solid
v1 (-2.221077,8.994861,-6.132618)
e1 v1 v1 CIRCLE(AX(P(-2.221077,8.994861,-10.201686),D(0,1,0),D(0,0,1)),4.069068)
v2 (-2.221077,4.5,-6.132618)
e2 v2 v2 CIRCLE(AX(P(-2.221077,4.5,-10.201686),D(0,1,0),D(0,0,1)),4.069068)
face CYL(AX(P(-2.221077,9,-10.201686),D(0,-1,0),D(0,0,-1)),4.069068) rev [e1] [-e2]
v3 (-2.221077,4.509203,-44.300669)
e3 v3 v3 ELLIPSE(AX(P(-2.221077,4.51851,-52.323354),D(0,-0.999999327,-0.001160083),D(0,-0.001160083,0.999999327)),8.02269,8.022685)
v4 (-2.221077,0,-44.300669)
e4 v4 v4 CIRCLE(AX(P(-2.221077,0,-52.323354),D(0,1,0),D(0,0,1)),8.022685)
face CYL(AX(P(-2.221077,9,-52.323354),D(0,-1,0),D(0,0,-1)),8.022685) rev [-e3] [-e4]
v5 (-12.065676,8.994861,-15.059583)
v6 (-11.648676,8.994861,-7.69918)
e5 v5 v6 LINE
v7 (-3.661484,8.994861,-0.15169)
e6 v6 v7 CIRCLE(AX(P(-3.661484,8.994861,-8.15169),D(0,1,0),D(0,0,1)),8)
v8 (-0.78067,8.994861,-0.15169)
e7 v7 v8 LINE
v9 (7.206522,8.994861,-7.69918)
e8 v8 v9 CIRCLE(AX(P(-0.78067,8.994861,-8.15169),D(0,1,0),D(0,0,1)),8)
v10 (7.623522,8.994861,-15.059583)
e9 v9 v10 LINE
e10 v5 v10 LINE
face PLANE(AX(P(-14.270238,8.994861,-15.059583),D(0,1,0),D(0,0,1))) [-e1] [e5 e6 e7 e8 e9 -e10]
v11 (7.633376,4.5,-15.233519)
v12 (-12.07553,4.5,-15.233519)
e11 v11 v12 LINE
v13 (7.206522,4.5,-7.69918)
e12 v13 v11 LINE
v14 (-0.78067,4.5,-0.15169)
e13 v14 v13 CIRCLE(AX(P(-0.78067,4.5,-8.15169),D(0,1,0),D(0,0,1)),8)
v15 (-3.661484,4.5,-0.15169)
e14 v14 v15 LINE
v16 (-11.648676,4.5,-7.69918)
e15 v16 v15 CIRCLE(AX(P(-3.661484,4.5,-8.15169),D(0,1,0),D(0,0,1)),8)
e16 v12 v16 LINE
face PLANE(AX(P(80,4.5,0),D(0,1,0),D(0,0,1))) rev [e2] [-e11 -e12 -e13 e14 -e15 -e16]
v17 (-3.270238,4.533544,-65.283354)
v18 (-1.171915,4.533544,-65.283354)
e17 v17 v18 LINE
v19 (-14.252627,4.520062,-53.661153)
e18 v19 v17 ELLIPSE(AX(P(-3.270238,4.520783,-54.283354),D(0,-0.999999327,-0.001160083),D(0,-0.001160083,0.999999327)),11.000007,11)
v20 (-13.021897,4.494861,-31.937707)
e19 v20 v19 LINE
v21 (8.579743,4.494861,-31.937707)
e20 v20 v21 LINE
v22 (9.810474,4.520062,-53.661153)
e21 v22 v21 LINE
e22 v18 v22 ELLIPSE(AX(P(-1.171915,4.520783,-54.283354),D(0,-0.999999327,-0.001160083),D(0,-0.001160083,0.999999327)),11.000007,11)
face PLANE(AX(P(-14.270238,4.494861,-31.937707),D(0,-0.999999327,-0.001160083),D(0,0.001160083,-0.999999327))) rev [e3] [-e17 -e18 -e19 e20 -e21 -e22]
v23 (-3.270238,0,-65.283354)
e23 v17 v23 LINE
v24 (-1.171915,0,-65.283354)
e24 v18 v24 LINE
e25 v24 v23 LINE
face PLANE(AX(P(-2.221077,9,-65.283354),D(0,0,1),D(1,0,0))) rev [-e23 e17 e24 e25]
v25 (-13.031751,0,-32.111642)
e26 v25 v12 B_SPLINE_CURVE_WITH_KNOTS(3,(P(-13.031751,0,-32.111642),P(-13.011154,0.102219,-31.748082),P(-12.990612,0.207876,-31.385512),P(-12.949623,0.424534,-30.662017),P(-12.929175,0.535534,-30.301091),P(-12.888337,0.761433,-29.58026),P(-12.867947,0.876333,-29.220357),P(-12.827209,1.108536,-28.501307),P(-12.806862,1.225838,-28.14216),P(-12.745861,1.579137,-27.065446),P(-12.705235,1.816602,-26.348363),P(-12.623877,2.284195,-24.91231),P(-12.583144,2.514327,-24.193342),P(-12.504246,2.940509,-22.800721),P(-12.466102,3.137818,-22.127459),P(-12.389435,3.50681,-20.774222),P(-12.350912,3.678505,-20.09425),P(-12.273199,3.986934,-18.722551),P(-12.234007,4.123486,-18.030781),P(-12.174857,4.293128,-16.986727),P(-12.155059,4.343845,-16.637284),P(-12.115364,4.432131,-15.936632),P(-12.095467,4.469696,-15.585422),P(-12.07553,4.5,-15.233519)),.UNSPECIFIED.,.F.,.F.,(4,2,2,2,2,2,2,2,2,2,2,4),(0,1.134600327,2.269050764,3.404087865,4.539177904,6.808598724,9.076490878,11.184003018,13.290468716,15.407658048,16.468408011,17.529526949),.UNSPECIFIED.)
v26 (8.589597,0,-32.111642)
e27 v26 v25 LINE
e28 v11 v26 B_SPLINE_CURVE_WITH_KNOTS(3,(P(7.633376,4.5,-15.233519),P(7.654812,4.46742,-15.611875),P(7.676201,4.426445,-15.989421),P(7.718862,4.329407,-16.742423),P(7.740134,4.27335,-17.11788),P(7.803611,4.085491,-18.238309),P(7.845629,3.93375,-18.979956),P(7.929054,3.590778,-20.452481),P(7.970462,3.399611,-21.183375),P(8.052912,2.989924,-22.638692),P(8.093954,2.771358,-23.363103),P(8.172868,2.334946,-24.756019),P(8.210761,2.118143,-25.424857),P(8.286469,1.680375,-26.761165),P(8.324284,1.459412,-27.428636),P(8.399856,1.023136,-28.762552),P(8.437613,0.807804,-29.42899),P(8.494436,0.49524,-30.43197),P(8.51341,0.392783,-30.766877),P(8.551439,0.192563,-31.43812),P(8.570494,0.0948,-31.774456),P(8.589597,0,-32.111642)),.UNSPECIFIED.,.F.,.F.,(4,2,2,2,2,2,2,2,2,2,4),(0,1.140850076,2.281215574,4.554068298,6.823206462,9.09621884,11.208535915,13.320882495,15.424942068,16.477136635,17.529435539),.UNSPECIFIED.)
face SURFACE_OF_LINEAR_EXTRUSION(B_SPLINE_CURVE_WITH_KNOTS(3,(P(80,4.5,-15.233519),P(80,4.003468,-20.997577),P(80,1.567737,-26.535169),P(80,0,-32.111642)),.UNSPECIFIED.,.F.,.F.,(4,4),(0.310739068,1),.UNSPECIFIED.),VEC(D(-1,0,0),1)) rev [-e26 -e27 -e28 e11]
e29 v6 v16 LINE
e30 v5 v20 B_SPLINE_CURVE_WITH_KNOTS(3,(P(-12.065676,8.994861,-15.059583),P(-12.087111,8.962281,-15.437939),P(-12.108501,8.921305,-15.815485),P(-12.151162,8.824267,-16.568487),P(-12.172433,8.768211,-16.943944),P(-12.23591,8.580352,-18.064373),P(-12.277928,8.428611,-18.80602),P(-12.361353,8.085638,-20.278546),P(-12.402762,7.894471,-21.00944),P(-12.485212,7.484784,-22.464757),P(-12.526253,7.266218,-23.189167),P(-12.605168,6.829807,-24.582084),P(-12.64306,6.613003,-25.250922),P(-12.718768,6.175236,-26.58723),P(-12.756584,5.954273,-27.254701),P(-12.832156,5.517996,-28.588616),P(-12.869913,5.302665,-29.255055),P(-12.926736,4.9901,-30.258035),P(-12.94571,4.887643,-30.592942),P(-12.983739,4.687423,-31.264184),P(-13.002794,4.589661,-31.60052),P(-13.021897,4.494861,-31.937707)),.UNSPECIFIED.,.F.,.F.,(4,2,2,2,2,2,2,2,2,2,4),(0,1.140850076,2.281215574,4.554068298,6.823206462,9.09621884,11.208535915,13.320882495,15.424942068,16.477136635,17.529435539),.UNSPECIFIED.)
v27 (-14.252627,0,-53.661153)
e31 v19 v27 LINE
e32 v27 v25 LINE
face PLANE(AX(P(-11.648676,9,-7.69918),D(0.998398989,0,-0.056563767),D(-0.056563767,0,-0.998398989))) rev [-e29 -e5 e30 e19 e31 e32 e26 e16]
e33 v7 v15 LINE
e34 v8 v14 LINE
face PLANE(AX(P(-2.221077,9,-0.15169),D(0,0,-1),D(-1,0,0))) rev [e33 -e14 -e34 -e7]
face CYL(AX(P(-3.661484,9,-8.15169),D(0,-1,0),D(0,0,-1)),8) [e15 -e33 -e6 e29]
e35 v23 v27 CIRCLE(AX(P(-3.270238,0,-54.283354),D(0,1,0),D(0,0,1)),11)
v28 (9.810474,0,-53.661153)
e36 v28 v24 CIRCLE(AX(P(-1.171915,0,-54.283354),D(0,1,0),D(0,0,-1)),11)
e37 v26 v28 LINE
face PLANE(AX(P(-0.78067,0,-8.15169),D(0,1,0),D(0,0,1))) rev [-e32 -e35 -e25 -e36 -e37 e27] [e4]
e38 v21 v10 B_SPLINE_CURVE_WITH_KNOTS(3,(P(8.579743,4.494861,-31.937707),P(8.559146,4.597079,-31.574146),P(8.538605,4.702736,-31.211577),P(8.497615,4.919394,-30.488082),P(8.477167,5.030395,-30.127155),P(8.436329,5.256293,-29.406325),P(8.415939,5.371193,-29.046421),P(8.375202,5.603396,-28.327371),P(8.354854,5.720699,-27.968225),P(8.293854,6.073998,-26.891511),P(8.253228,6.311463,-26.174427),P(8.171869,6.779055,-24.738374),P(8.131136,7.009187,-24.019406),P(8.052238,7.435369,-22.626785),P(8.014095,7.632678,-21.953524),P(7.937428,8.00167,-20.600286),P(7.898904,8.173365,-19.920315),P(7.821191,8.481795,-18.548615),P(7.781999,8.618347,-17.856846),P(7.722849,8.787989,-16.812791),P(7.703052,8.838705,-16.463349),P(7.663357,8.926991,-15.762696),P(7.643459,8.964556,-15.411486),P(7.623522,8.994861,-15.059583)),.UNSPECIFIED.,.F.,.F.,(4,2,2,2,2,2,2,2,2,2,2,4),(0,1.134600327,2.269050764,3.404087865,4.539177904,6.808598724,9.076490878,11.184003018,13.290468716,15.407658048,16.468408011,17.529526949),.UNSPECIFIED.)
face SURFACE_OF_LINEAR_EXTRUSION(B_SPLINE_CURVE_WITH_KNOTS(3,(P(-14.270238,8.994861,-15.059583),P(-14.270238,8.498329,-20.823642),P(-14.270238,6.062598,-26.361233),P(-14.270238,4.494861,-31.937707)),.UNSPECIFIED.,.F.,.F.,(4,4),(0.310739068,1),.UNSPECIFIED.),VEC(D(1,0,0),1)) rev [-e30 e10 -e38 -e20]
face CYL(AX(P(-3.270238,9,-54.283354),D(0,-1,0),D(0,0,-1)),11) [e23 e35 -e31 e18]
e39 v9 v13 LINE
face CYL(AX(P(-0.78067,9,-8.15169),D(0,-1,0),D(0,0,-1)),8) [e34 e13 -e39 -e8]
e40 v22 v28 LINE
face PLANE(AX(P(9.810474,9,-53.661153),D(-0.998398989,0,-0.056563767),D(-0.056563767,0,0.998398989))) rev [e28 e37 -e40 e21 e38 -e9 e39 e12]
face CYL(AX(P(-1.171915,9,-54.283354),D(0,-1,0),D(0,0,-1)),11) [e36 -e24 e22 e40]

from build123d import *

# Parameters (mm, degrees)
SKETCH1_R                = 8.022684963
SKETCH1_R_2              = 4.06906829
BOSS_EXTRUDE1_DEPTH      = 9
CUT_EXTRUDE2_DEPTH       = 80
CUT_EXTRUDE2_DEPTH_BACK  = 80
CUT_EXTRUDE15_DEPTH      = 68.428154516
CUT_EXTRUDE15_DEPTH_BACK = 68.428154516


with BuildPart() as part:
    # Sketch1 → Boss-Extrude1 (new body)
    with BuildSketch(Plane(origin=(0, 0, 0), x_dir=(1, 0, 0), z_dir=(0, 1, 0))):
        with BuildLine():
            Line((-2.221076805, 65.28335408), (-1.171915361, 65.28335408))
            ThreePointArc((-1.171915361, 65.28335408), (6.823214902, 61.838345283), (9.810473513, 53.661152641))
            Line((9.810473513, 53.661152641), (7.206522245, 7.699180155))
            ThreePointArc((7.206522245, 7.699180155), (4.713869394, 2.337050101), (-0.780669663, 0.151690292))
            Line((-0.780669663, 0.151690292), (-2.221076805, 0.151690292))
            Line((-2.221076805, 0.151690292), (-3.661483948, 0.151690292))
            ThreePointArc((-3.661483948, 0.151690292), (-9.156023005, 2.337050101), (-11.648675856, 7.699180155))
            Line((-11.648675856, 7.699180155), (-14.252627123, 53.661152641))
            ThreePointArc((-14.252627123, 53.661152641), (-11.265368512, 61.838345283), (-3.27023825, 65.28335408))
            Line((-3.27023825, 65.28335408), (-2.221076805, 65.28335408))
        make_face()
        with Locations((-2.221076805, 52.32335408)):
            Circle(SKETCH1_R, mode=Mode.SUBTRACT)
        with Locations((-2.221076805, 10.201686469)):
            Circle(SKETCH1_R_2, mode=Mode.SUBTRACT)
    extrude(amount=BOSS_EXTRUDE1_DEPTH)

    # Sketch2 → Cut-Extrude2 (cut, two sides: drawn at the far end of the back side and taken through both)
    with BuildSketch(Plane(origin=(0, 0, 0), x_dir=(0, 0, -1), z_dir=(1, 0, 0)).offset(-CUT_EXTRUDE2_DEPTH_BACK)):
        with BuildLine():
            Line((7.699180155, 4.5), (0.151690292, 4.5))
            Line((0.151690292, 4.5), (0.151690292, 0))
            Line((0.151690292, 0), (32.11164194, 0))
            add(Edge.make_bspline(
                [(15.233518693, 4.5), (20.997577491, 4.003468068), (26.535168731, 1.567737081), (32.11164194, 0)],
                knots=[0.310739068, 0.310739068, 0.310739068, 0.310739068, 1, 1, 1, 1], degree=3))
            Line((15.233518693, 4.5), (7.699180155, 4.5))
        make_face()
    extrude(amount=CUT_EXTRUDE2_DEPTH + CUT_EXTRUDE2_DEPTH_BACK, mode=Mode.SUBTRACT)

    # Sketch3 → Cut-Extrude15 (cut, two sides: drawn at the far end of the back side and taken through both)
    with BuildSketch(Plane(origin=(0, 0, 0), x_dir=(0, 0, -1), z_dir=(1, 0, 0)).offset(-CUT_EXTRUDE15_DEPTH_BACK)):
        with BuildLine():
            Line((65.441158073, 9.059719613), (65.441158073, 9.358577967))
            Line((65.441158073, 9.358577967), (15.059583295, 9.985835555))
            Line((15.059583295, 9.985835555), (14.793593064, 9.985835555))
            Line((14.793593064, 9.985835555), (0, 9.985835555))
            Line((0, 9.985835555), (0, 8.994860535))
            Line((0, 8.994860535), (15.059583295, 8.994860535))
            add(Edge.make_bspline(
                [(15.059583295, 8.994860535), (20.823642093, 8.498328604), (26.361233333, 6.062597616), (31.937706542, 4.494860535)],
                knots=[0.310739068, 0.310739068, 0.310739068, 0.310739068, 1, 1, 1, 1], degree=3))
            Line((31.937706542, 4.494860535), (65.441158073, 4.533727355))
            Line((65.441158073, 4.533727355), (65.441158073, 9.059719613))
        make_face()
    extrude(amount=CUT_EXTRUDE15_DEPTH + CUT_EXTRUDE15_DEPTH_BACK, mode=Mode.SUBTRACT)


solid = part.part
